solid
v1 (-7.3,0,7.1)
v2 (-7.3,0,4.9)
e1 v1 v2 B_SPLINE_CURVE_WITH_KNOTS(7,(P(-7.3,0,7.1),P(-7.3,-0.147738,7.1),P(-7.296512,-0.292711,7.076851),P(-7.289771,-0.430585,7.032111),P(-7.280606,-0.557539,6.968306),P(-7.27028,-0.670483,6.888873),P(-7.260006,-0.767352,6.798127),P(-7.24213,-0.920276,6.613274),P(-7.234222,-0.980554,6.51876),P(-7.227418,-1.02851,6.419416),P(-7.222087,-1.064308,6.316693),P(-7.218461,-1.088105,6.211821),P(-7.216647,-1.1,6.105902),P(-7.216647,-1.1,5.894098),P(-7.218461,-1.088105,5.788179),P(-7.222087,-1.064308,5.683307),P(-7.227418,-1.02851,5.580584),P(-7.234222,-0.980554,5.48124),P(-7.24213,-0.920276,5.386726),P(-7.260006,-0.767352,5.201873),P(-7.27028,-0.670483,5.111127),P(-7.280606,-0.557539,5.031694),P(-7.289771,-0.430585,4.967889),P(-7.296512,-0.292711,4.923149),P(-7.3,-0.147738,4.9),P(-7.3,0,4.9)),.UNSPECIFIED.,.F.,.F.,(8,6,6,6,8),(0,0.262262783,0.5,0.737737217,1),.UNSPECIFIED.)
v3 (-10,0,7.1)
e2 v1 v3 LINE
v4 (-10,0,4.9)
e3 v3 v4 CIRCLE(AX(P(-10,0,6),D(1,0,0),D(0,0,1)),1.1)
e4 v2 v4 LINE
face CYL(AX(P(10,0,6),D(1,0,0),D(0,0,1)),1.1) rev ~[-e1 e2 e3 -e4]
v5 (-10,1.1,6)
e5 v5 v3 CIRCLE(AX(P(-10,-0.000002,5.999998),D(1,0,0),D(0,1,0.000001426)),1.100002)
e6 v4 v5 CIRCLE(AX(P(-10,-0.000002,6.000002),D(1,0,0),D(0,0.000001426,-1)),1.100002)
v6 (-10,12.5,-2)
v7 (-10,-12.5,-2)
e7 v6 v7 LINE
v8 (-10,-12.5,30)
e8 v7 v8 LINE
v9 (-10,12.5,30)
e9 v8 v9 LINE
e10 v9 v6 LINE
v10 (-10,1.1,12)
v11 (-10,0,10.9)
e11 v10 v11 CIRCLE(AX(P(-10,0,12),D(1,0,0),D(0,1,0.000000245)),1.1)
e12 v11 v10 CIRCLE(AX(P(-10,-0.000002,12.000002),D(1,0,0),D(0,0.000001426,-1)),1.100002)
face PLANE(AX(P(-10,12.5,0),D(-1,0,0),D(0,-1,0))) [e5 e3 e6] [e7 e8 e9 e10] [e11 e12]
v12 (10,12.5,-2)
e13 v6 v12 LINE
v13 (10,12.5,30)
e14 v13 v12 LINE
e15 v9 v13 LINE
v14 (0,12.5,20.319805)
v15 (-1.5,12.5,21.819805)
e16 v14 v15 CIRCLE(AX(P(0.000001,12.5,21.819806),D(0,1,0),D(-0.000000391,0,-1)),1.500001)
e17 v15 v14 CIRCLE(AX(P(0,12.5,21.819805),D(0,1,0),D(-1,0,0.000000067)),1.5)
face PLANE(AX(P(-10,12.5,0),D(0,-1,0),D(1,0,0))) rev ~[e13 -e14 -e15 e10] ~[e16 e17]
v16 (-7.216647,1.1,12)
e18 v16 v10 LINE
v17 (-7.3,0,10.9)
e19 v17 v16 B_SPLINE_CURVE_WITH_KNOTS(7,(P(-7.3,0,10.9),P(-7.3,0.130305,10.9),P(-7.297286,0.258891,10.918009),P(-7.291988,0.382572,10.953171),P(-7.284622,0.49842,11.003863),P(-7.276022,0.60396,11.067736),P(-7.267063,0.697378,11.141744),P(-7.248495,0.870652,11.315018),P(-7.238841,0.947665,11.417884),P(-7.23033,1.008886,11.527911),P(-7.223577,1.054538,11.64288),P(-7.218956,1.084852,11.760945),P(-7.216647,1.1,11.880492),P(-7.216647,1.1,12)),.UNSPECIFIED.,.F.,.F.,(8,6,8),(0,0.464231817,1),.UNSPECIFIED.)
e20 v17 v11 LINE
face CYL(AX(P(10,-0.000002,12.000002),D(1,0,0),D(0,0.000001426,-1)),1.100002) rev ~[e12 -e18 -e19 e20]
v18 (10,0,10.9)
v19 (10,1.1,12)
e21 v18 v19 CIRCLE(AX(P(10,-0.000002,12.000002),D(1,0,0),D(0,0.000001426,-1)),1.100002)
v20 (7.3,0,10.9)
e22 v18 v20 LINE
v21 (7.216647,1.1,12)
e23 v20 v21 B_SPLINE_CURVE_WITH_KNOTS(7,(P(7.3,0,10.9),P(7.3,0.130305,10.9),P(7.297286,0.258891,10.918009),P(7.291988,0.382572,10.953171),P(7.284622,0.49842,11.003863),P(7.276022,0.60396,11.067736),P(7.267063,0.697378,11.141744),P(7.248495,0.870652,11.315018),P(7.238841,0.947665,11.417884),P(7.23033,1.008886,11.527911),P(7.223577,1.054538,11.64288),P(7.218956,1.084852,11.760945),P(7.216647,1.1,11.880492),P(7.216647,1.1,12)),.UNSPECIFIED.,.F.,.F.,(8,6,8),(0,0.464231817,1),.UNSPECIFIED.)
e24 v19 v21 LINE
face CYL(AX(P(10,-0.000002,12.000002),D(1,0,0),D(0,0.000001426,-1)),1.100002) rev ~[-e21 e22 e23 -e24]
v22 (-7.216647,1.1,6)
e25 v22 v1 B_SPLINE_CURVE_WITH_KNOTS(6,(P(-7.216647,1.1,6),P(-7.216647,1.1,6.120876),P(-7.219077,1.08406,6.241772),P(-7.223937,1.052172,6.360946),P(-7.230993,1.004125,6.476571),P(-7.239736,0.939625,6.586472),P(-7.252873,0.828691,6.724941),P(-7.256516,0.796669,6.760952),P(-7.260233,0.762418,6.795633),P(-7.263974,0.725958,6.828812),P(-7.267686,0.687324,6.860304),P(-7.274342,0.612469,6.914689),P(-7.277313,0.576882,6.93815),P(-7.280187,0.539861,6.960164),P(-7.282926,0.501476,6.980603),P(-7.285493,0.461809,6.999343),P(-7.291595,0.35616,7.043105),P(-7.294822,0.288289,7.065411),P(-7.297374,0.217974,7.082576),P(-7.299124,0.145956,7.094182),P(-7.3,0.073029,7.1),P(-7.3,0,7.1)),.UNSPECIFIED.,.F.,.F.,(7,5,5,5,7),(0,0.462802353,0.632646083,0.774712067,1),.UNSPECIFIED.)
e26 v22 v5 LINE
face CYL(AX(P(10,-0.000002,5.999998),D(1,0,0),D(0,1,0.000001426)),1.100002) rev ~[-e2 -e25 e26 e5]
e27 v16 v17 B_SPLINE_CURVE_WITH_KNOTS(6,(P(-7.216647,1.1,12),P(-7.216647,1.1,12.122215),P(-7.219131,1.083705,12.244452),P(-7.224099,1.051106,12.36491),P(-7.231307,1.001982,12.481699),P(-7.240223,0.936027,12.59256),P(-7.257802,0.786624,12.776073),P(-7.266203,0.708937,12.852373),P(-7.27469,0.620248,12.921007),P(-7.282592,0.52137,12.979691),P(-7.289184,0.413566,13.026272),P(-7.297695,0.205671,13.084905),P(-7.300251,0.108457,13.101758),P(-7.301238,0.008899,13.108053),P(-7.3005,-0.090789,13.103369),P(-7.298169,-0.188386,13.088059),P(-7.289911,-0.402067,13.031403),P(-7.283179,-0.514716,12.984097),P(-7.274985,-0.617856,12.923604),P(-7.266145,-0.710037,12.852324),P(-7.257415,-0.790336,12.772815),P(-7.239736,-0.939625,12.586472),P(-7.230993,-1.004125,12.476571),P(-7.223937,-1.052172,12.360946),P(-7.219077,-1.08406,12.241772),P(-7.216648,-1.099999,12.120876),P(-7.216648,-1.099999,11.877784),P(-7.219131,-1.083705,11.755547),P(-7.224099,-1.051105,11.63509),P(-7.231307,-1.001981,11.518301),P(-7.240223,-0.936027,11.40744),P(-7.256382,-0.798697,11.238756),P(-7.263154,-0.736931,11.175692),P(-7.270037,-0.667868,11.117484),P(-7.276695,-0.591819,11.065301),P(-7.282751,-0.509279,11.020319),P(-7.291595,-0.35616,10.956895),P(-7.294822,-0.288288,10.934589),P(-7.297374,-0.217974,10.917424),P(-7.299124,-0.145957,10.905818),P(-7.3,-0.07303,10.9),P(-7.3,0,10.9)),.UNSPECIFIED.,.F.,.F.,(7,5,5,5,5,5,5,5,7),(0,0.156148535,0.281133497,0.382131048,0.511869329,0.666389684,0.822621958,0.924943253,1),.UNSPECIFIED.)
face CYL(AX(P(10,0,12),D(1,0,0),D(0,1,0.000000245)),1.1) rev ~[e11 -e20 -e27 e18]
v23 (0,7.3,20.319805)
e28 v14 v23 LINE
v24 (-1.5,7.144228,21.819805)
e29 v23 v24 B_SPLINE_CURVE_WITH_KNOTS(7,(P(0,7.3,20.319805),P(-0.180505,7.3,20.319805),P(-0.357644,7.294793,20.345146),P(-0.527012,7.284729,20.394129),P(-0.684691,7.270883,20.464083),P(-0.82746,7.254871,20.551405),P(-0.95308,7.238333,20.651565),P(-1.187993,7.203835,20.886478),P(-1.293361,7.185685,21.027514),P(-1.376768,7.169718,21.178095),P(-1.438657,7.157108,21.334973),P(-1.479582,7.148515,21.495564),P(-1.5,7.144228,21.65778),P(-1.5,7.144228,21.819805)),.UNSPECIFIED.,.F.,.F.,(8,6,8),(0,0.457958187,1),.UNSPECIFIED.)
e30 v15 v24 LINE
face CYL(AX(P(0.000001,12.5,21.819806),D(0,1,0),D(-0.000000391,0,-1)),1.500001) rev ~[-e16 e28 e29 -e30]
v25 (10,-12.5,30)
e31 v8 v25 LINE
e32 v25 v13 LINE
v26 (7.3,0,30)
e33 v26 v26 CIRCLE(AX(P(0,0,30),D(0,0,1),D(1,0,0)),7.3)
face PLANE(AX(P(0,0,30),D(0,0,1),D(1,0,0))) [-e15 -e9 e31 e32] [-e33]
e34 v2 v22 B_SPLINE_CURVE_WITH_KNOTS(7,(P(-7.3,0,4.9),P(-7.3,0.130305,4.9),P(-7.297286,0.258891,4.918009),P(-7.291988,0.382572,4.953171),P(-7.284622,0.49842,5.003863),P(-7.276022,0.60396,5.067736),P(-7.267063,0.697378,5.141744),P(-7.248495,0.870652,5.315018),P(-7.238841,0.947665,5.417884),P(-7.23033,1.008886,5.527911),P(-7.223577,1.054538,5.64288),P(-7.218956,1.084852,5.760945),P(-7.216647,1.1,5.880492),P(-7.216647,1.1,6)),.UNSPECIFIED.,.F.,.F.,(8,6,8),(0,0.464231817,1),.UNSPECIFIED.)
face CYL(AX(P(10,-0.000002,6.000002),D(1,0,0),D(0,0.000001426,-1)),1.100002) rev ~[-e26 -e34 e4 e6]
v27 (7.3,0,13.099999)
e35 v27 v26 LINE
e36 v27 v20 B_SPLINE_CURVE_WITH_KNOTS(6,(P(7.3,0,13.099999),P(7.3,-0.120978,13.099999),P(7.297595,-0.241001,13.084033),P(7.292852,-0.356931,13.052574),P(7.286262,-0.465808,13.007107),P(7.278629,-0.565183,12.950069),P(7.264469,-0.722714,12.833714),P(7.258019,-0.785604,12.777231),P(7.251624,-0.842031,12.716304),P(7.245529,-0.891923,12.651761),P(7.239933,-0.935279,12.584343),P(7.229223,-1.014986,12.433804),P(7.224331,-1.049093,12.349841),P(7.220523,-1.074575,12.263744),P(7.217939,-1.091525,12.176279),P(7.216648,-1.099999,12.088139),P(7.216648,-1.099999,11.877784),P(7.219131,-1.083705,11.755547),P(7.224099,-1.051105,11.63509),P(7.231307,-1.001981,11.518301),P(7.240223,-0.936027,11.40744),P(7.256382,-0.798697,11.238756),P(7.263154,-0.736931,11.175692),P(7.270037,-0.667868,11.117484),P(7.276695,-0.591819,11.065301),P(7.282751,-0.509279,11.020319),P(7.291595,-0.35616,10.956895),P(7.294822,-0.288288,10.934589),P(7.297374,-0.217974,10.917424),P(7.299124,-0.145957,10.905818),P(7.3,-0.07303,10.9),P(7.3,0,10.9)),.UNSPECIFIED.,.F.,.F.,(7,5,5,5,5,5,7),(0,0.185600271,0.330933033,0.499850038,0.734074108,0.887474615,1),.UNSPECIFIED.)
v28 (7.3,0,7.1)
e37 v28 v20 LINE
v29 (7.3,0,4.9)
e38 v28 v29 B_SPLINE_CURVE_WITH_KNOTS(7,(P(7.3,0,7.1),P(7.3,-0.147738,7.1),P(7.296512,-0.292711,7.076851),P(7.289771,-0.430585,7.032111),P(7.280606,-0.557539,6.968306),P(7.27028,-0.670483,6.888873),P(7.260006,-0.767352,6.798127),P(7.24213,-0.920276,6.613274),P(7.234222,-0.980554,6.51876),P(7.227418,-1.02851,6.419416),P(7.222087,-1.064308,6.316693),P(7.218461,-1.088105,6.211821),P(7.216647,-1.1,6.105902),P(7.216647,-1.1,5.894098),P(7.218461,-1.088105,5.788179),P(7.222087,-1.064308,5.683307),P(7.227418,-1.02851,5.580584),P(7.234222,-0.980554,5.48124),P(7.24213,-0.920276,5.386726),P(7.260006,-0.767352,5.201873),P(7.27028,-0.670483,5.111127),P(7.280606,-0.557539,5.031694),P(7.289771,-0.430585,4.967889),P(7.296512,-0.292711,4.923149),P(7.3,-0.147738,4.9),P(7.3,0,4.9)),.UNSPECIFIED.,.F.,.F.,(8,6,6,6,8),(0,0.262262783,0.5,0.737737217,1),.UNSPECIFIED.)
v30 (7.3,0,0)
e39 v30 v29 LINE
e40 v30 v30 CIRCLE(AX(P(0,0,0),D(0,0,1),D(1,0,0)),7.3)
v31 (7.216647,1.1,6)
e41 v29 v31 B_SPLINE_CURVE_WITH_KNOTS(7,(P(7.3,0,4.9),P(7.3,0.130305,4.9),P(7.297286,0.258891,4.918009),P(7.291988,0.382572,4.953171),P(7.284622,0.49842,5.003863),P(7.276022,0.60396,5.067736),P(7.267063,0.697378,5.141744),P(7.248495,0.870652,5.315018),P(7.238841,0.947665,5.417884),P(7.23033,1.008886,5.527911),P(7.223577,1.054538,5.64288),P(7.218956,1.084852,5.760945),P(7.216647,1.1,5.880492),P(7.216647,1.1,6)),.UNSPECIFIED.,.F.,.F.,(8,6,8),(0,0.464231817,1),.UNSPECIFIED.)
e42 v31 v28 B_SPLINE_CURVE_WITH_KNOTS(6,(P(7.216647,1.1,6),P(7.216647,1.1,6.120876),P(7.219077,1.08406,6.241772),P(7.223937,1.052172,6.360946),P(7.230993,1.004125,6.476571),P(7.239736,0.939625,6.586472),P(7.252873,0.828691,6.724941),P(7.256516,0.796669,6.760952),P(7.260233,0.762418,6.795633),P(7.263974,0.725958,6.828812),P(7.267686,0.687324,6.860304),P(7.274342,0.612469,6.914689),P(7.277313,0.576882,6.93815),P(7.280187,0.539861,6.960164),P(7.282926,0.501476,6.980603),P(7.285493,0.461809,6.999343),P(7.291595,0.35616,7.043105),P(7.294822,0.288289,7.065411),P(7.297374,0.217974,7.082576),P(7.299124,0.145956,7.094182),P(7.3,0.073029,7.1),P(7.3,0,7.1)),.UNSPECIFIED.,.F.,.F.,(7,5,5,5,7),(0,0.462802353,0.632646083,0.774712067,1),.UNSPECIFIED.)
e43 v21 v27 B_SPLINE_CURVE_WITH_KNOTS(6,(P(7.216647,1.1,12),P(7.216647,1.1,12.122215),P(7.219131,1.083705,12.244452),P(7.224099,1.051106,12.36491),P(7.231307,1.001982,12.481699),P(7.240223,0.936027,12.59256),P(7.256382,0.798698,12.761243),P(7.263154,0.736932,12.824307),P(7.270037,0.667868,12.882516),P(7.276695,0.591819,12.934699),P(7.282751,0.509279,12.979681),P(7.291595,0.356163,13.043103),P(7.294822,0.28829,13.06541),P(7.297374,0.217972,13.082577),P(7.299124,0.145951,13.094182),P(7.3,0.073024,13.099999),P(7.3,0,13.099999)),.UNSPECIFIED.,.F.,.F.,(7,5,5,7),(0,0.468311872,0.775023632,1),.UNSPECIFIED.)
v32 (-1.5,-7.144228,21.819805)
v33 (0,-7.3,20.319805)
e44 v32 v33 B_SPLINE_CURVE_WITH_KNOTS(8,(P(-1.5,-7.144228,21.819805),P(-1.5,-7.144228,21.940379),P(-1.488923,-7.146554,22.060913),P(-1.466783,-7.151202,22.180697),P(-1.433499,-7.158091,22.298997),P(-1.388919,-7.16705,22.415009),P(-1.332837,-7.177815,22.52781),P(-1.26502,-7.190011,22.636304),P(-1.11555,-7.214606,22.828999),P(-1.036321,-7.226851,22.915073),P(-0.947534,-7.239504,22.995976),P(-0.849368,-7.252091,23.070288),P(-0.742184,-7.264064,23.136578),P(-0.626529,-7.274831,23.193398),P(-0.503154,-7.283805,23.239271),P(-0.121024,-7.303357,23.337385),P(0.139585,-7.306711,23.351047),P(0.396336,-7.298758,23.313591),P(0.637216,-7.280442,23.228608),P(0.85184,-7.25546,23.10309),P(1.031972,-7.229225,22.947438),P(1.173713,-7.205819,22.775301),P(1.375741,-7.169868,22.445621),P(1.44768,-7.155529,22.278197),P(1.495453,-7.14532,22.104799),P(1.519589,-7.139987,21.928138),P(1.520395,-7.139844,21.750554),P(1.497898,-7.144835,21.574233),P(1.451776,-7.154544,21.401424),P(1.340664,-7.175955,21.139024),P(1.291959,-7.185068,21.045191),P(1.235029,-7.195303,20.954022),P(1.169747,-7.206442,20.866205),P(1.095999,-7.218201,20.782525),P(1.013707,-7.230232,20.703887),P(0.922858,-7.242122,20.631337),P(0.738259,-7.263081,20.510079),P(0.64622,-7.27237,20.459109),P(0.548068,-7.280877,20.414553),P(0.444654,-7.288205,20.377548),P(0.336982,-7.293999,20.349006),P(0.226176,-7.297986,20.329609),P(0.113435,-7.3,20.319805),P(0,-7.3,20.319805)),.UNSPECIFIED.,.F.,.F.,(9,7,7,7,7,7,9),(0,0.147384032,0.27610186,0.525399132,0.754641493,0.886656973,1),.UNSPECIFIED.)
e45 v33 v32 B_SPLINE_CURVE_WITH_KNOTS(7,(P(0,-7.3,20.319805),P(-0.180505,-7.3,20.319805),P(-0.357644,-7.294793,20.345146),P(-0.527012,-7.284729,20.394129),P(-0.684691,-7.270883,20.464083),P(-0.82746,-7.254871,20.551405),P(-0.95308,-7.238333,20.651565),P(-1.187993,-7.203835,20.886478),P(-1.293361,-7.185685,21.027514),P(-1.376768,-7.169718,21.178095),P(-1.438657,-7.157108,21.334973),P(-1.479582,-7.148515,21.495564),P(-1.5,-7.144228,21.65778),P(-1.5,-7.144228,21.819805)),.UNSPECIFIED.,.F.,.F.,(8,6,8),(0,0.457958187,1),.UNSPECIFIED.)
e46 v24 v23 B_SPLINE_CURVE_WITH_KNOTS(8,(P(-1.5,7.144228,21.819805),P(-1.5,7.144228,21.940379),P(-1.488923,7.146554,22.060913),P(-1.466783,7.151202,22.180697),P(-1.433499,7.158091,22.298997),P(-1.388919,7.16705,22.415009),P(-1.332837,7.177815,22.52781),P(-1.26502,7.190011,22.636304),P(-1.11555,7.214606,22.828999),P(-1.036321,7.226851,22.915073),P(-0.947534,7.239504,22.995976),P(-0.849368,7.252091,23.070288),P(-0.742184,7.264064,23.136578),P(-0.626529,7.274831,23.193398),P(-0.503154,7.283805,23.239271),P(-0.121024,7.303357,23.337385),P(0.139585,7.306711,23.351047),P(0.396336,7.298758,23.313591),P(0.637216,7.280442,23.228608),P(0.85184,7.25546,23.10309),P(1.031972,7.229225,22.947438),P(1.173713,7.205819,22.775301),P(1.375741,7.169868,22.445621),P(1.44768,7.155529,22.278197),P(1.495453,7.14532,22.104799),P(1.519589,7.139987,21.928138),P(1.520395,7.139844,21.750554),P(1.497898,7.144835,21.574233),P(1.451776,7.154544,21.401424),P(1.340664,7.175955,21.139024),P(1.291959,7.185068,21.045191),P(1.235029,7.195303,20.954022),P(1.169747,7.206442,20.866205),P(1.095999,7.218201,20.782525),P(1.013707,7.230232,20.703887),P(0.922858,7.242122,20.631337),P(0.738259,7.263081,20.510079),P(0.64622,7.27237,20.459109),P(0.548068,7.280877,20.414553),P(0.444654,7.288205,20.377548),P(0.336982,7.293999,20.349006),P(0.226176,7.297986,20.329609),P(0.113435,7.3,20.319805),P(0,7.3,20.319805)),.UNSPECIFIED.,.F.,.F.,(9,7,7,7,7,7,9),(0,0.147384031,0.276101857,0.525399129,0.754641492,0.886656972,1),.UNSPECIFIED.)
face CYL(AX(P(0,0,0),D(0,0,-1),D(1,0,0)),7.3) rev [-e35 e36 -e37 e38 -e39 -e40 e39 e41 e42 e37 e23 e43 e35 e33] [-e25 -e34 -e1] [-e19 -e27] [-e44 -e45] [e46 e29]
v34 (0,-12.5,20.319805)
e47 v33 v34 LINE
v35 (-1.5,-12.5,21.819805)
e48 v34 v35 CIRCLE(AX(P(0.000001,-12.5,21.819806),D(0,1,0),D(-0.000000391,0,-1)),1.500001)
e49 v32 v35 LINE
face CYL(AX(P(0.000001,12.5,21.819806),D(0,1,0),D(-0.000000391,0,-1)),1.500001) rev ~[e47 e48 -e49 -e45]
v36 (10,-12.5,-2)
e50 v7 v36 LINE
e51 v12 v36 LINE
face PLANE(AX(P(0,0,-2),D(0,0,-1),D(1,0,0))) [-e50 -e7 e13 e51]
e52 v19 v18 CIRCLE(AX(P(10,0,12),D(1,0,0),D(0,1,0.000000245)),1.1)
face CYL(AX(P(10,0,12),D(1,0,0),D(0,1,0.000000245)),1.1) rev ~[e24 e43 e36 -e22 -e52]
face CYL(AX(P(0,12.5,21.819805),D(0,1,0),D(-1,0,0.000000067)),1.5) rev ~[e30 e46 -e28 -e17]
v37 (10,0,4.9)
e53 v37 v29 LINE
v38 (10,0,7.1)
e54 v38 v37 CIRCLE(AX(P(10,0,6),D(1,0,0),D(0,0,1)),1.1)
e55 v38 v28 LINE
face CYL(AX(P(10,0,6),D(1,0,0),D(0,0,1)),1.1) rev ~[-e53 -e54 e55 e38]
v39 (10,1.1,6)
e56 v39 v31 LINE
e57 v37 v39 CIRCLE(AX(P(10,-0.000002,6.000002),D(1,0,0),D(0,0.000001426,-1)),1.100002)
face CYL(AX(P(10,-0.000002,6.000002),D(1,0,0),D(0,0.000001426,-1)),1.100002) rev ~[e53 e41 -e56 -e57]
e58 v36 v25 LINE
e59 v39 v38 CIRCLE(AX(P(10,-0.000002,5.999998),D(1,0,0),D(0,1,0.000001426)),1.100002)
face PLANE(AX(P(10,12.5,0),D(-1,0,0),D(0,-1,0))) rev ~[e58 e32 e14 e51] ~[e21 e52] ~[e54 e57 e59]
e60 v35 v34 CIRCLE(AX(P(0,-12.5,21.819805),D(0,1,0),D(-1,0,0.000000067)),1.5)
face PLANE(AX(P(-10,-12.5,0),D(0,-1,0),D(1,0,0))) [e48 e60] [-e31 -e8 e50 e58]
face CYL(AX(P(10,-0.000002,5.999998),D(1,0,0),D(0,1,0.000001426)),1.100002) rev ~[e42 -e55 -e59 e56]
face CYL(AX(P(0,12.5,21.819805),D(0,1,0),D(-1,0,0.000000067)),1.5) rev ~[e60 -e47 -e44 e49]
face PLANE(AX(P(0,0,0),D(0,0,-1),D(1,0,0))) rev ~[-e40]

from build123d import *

# Parameters (mm, degrees)
F0_W     = 20
F0_H     = 25
F0_R     = 7.3
F1_DEPTH = 30
F3_DEPTH = 25
F5_DEPTH = 25.001
F6_W     = 20
F6_H     = 25
F7_DEPTH = 2


with BuildPart() as f1:
    # F0 (on Top) → F1 (new body)
    with BuildSketch(Plane.XY):
        Rectangle(F0_W, F0_H)
        Circle(F0_R, mode=Mode.SUBTRACT)
    extrude(amount=F1_DEPTH)

    # F2 (on face) → F3 (cut)
    with BuildSketch(Plane.YZ.offset(10)):
        with BuildLine():
            ThreePointArc((0, 7.1), (-1.1, 6), (0, 4.9))
            Line((0, 4.9), (0, 6))
            Line((0, 6), (0, 7.1))
        make_face()
        with BuildLine():
            ThreePointArc((1.1, 12), (-0.777817, 12.777817), (0, 10.9))
            ThreePointArc((0, 10.9), (0.777817, 11.222183), (1.1, 12))
        make_face()
        with BuildLine():
            Line((0, 6), (0, 4.9))
            ThreePointArc((0, 4.9), (0.777817, 5.222183), (1.1, 6))
            ThreePointArc((1.1, 6), (0.777817, 6.777817), (0, 7.1))
            Line((0, 7.1), (0, 6))
        make_face()
    extrude(amount=-F3_DEPTH, mode=Mode.SUBTRACT)

    # F4 (on face) → F5 (cut, through all)
    with BuildSketch(Plane(origin=(0, 12.5, 0), x_dir=(-1, 0, 0), z_dir=(0, 1, 0))):
        with BuildLine():
            ThreePointArc((0, 20.319805), (1.06066, 20.759145), (1.5, 21.819805))
            ThreePointArc((1.5, 21.819805), (-1.06066, 22.880465), (0, 20.319805))
        make_face()
    extrude(amount=-F5_DEPTH, mode=Mode.SUBTRACT)

    # F6 (on face) → F7 (join)
    with BuildSketch(Plane(origin=(0, 0, 0), x_dir=(1, 0, 0), z_dir=(0, 0, -1))):
        Rectangle(F6_W, F6_H)
    extrude(amount=F7_DEPTH)


solid = f1.part
